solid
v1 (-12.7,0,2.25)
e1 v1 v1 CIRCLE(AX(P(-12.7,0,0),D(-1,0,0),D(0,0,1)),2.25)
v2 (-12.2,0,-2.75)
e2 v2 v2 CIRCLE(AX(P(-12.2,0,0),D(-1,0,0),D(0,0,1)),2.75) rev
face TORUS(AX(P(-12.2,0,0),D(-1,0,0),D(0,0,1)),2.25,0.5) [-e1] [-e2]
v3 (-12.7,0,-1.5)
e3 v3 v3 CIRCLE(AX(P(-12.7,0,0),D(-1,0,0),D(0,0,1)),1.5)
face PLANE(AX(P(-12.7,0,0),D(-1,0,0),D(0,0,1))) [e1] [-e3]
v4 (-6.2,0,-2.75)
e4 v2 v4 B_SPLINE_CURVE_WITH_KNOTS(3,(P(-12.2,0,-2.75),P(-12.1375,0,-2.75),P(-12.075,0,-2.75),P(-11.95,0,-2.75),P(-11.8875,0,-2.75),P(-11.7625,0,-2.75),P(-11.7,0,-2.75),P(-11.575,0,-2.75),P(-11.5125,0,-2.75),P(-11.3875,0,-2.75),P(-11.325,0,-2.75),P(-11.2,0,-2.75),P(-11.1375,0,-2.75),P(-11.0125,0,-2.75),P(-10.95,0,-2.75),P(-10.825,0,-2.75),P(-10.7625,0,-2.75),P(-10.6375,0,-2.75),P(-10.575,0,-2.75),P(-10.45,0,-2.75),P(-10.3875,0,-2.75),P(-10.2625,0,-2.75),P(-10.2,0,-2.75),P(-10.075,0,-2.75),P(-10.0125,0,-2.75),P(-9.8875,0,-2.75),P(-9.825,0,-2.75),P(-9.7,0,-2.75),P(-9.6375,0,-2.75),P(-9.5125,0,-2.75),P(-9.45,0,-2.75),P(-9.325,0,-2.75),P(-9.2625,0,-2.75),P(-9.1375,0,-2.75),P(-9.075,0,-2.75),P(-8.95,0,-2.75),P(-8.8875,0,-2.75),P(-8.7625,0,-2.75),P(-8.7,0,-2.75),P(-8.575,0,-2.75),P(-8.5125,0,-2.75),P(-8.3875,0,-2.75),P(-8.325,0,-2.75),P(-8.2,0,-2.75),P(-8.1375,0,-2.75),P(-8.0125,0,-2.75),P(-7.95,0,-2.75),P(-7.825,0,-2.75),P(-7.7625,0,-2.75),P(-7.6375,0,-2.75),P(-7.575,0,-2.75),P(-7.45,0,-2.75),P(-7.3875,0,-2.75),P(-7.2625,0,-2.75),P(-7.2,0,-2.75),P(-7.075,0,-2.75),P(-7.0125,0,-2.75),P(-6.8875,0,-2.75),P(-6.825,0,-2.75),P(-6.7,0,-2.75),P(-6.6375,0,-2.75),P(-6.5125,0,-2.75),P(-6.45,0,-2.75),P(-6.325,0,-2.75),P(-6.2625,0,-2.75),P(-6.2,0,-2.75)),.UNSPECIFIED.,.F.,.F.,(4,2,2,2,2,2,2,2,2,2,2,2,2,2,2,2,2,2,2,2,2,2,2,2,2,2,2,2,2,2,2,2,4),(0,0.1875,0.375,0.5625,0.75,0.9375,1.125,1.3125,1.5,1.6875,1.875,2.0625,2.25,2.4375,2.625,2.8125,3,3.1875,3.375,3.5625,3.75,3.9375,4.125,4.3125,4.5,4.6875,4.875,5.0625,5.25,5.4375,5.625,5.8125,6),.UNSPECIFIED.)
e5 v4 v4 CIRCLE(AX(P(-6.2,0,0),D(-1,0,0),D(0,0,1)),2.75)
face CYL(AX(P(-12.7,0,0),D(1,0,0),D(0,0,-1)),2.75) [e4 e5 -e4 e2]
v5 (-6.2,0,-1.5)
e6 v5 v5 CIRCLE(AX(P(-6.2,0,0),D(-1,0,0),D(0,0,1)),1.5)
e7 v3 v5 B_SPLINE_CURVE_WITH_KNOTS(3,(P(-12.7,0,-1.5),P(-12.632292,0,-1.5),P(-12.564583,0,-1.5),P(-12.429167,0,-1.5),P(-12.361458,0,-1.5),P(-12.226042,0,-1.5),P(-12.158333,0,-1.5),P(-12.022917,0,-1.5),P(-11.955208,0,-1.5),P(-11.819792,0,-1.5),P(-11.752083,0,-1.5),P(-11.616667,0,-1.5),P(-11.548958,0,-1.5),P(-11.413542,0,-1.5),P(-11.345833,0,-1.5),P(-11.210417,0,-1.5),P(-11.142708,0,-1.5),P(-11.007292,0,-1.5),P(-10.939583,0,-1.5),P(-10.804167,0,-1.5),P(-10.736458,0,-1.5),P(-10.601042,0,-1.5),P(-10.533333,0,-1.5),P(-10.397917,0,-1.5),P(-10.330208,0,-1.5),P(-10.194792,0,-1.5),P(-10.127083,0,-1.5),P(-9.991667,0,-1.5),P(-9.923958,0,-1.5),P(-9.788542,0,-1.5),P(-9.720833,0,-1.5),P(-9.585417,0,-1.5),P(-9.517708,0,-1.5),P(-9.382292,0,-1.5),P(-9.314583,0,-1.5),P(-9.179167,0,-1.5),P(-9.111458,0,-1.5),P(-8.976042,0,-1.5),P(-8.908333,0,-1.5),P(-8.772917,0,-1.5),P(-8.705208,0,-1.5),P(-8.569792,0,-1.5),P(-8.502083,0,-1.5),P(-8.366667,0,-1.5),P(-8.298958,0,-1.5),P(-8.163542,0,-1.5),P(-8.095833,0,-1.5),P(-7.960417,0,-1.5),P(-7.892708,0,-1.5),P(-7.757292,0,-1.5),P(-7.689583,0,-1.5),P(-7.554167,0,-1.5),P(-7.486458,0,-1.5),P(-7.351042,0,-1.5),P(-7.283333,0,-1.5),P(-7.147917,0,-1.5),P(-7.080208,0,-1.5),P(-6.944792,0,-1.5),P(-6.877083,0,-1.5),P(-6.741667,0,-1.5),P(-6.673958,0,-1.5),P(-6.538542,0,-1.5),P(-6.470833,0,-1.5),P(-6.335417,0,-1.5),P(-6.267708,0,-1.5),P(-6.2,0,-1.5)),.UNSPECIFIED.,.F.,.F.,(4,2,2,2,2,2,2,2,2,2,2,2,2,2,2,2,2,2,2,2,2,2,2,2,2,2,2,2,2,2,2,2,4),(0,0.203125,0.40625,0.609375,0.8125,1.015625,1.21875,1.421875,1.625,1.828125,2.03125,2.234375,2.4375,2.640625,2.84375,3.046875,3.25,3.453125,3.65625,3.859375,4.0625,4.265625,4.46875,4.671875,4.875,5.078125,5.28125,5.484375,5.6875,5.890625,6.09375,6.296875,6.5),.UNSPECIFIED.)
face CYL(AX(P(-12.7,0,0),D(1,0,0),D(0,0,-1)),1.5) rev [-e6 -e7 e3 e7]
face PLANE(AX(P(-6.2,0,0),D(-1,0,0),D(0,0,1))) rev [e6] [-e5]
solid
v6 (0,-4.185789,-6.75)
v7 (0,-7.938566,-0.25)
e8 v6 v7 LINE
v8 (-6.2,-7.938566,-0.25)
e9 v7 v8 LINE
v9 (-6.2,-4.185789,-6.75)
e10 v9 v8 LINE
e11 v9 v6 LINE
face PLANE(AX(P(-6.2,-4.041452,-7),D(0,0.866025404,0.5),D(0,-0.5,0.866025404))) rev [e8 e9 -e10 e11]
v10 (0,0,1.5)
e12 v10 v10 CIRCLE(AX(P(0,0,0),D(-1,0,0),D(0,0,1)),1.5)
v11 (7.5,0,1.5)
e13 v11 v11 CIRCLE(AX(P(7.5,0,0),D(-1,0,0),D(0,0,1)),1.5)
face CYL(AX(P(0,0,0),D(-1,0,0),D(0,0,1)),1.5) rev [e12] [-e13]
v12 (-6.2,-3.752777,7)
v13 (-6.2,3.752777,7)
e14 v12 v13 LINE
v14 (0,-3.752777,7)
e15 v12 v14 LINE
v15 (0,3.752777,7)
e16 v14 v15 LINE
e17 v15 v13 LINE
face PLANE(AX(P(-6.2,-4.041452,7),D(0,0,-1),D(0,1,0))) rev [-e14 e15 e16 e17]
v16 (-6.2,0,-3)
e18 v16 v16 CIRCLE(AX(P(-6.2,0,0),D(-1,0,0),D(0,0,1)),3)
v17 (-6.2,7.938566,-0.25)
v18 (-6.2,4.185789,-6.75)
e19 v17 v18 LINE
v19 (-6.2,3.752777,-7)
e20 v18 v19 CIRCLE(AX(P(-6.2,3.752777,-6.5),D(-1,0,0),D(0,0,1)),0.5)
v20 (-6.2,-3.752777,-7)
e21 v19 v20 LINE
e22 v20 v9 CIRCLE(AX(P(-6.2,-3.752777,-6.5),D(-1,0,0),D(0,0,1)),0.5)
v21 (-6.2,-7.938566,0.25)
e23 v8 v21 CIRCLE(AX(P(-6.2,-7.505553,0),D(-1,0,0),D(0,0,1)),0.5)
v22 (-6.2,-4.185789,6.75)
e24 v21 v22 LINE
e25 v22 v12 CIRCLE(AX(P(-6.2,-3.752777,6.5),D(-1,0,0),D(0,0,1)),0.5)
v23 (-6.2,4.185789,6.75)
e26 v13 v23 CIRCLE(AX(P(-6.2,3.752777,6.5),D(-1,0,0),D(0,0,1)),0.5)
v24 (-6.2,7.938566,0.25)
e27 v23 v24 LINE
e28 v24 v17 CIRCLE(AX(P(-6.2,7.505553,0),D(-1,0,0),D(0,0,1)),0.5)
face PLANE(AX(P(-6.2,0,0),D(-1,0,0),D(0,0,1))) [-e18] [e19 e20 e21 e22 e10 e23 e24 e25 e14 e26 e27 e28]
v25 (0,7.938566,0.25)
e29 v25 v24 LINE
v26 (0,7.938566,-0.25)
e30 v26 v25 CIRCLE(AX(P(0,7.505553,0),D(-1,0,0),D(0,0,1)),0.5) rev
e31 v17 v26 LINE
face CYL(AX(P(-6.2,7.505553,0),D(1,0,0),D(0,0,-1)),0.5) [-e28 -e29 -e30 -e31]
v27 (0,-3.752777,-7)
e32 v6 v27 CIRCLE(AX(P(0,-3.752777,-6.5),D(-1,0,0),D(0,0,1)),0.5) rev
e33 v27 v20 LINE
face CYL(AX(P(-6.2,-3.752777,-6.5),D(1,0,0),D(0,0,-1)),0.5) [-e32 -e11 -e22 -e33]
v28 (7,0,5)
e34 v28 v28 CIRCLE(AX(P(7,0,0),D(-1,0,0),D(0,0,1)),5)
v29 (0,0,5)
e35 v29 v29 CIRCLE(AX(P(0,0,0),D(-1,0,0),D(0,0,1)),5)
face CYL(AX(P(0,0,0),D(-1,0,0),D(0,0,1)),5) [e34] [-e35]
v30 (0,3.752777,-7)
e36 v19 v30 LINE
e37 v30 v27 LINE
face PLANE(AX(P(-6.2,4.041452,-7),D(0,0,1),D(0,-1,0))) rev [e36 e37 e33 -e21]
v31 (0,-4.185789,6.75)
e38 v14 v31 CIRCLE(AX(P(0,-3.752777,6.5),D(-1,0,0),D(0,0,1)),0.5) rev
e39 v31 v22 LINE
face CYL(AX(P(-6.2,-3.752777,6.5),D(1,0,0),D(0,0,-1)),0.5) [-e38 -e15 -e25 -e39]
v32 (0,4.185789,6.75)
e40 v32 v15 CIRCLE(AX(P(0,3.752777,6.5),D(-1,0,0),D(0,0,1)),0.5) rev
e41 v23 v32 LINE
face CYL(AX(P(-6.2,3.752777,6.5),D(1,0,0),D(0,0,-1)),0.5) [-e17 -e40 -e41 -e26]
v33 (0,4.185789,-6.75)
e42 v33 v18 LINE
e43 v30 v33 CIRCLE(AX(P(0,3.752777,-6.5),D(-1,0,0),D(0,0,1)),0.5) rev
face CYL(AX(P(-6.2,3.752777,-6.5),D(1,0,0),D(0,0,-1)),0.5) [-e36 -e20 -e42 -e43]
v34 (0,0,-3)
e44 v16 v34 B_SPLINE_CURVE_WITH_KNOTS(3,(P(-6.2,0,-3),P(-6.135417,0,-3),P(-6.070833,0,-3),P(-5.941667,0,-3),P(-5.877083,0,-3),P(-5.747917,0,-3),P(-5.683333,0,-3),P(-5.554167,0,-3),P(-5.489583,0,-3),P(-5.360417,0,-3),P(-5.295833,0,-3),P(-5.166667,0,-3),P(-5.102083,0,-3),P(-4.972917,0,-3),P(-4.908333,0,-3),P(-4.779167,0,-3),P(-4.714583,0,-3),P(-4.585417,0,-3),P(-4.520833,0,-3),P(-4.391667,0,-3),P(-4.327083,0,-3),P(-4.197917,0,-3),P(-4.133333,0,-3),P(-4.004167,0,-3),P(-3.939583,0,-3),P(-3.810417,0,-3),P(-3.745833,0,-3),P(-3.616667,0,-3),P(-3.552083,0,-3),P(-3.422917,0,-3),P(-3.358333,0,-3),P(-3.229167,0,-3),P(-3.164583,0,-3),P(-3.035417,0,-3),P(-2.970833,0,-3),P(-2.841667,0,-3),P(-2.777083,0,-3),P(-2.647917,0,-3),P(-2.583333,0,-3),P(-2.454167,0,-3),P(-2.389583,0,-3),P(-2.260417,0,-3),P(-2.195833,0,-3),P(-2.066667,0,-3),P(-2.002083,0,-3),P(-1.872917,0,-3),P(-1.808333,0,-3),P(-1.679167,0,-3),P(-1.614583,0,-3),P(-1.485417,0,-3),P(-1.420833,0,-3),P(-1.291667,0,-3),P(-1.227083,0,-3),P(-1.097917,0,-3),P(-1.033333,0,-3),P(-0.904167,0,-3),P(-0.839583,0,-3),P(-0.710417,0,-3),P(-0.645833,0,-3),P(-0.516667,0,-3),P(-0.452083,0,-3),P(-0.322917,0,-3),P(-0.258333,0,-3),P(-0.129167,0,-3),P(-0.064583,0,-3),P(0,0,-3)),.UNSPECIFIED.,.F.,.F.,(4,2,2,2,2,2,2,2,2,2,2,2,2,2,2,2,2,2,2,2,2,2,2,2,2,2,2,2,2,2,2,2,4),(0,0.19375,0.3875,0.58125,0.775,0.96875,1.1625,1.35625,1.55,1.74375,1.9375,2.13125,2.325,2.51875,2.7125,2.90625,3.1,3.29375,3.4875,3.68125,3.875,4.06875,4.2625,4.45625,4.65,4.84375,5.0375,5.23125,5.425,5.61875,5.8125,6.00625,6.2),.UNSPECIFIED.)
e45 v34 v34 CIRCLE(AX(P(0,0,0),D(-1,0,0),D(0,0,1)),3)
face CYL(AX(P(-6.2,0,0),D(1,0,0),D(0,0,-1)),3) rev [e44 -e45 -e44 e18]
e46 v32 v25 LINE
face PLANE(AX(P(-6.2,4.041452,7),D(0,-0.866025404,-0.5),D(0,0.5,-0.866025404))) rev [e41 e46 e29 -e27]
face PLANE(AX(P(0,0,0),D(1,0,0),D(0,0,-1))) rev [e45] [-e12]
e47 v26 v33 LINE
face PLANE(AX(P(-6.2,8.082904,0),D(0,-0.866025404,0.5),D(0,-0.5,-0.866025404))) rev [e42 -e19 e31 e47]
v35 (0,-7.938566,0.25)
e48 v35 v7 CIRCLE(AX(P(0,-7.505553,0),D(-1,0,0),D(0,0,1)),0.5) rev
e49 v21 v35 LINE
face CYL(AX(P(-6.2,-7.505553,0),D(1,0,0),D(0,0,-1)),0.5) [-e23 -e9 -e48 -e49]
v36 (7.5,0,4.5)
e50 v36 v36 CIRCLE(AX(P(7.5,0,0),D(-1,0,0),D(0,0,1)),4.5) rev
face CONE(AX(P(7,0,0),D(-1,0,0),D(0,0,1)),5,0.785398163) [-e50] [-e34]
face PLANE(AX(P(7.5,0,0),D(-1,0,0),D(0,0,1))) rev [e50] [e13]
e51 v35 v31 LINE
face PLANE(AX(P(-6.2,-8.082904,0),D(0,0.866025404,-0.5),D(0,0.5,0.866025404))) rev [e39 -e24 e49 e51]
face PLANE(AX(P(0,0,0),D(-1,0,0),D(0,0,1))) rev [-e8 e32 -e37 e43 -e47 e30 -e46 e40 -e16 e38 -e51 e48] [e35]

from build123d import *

# Parameters (mm, degrees)
SKETCH_1_W      = 7.5
SKETCH_1_H      = 3.5
SKETCH_2_R      = 3
EXTRUDE_1_DEPTH = 6.2
SKETCH_3_R      = 2.75
SKETCH_3_R_2    = 1.5
EXTRUDE_2_DEPTH = 6.5
FILLET_2_R      = 0.5
CHAMFER_1_SIZE  = 0.5
FILLET_3_R      = 0.5


with BuildPart() as part:
    # Эскиз1 → Повернуть1 (revolve)
    with BuildSketch(Plane.XY, mode=Mode.PRIVATE) as revolve_1_sk:
        with Locations((3.75, 3.25)):
            Rectangle(SKETCH_1_W, SKETCH_1_H)
    revolve(revolve_1_sk.sketch.rotate(Axis((0, 0, 0), (1, 0, 0)), 90), axis=Axis((0, 0, 0), (1, 0, 0)))

    # Эскиз2 → Бобышка-Вытянуть1 (add)
    with BuildSketch(Plane.ZY):
        Polygon((0, 8.082903769), (-7, 4.041451884), (-7, -4.041451884), (0, -8.082903769), (7, -4.041451884), (7, 4.041451884), align=None)
        with Locations(Location((0, 0, 0), (0, 0, 180))):
            Circle(SKETCH_2_R, mode=Mode.SUBTRACT)
    extrude(amount=EXTRUDE_1_DEPTH)

    # Фаска1
    chamfer_1_edges = [part.edges().sort_by_distance(p)[0] for p in [
        (7.5, 0, -5),
    ]]
    chamfer(chamfer_1_edges, length=CHAMFER_1_SIZE)

    # Скругление3
    fillet_3_edges = [part.edges().sort_by_distance(p)[0] for p in [
        (-3.1, 4.041451884, 7),
        (-3.1, 8.082903769, 0),
        (-3.1, 4.041451884, -7),
        (-3.1, -4.041451884, -7),
        (-3.1, -8.082903769, 0),
        (-3.1, -4.041451884, 7),
    ]]
    fillet(fillet_3_edges, radius=FILLET_3_R)


with BuildPart() as body_2:
    # Эскиз3 → Бобышка-Вытянуть2 (new body)
    with BuildSketch(Plane.ZY.offset(6.2)):
        with Locations(Location((0, 0, 0), (0, 0, 180))):
            Circle(SKETCH_3_R)
        with Locations(Location((0, 0, 0), (0, 0, 180))):
            Circle(SKETCH_3_R_2, mode=Mode.SUBTRACT)
    extrude(amount=EXTRUDE_2_DEPTH)

    # Скругление2
    fillet_2_edges = [body_2.edges().sort_by_distance(p)[0] for p in [
        (-12.7, 0, 2.75),
    ]]
    fillet(fillet_2_edges, radius=FILLET_2_R)


solid = Compound([part.part, body_2.part])
